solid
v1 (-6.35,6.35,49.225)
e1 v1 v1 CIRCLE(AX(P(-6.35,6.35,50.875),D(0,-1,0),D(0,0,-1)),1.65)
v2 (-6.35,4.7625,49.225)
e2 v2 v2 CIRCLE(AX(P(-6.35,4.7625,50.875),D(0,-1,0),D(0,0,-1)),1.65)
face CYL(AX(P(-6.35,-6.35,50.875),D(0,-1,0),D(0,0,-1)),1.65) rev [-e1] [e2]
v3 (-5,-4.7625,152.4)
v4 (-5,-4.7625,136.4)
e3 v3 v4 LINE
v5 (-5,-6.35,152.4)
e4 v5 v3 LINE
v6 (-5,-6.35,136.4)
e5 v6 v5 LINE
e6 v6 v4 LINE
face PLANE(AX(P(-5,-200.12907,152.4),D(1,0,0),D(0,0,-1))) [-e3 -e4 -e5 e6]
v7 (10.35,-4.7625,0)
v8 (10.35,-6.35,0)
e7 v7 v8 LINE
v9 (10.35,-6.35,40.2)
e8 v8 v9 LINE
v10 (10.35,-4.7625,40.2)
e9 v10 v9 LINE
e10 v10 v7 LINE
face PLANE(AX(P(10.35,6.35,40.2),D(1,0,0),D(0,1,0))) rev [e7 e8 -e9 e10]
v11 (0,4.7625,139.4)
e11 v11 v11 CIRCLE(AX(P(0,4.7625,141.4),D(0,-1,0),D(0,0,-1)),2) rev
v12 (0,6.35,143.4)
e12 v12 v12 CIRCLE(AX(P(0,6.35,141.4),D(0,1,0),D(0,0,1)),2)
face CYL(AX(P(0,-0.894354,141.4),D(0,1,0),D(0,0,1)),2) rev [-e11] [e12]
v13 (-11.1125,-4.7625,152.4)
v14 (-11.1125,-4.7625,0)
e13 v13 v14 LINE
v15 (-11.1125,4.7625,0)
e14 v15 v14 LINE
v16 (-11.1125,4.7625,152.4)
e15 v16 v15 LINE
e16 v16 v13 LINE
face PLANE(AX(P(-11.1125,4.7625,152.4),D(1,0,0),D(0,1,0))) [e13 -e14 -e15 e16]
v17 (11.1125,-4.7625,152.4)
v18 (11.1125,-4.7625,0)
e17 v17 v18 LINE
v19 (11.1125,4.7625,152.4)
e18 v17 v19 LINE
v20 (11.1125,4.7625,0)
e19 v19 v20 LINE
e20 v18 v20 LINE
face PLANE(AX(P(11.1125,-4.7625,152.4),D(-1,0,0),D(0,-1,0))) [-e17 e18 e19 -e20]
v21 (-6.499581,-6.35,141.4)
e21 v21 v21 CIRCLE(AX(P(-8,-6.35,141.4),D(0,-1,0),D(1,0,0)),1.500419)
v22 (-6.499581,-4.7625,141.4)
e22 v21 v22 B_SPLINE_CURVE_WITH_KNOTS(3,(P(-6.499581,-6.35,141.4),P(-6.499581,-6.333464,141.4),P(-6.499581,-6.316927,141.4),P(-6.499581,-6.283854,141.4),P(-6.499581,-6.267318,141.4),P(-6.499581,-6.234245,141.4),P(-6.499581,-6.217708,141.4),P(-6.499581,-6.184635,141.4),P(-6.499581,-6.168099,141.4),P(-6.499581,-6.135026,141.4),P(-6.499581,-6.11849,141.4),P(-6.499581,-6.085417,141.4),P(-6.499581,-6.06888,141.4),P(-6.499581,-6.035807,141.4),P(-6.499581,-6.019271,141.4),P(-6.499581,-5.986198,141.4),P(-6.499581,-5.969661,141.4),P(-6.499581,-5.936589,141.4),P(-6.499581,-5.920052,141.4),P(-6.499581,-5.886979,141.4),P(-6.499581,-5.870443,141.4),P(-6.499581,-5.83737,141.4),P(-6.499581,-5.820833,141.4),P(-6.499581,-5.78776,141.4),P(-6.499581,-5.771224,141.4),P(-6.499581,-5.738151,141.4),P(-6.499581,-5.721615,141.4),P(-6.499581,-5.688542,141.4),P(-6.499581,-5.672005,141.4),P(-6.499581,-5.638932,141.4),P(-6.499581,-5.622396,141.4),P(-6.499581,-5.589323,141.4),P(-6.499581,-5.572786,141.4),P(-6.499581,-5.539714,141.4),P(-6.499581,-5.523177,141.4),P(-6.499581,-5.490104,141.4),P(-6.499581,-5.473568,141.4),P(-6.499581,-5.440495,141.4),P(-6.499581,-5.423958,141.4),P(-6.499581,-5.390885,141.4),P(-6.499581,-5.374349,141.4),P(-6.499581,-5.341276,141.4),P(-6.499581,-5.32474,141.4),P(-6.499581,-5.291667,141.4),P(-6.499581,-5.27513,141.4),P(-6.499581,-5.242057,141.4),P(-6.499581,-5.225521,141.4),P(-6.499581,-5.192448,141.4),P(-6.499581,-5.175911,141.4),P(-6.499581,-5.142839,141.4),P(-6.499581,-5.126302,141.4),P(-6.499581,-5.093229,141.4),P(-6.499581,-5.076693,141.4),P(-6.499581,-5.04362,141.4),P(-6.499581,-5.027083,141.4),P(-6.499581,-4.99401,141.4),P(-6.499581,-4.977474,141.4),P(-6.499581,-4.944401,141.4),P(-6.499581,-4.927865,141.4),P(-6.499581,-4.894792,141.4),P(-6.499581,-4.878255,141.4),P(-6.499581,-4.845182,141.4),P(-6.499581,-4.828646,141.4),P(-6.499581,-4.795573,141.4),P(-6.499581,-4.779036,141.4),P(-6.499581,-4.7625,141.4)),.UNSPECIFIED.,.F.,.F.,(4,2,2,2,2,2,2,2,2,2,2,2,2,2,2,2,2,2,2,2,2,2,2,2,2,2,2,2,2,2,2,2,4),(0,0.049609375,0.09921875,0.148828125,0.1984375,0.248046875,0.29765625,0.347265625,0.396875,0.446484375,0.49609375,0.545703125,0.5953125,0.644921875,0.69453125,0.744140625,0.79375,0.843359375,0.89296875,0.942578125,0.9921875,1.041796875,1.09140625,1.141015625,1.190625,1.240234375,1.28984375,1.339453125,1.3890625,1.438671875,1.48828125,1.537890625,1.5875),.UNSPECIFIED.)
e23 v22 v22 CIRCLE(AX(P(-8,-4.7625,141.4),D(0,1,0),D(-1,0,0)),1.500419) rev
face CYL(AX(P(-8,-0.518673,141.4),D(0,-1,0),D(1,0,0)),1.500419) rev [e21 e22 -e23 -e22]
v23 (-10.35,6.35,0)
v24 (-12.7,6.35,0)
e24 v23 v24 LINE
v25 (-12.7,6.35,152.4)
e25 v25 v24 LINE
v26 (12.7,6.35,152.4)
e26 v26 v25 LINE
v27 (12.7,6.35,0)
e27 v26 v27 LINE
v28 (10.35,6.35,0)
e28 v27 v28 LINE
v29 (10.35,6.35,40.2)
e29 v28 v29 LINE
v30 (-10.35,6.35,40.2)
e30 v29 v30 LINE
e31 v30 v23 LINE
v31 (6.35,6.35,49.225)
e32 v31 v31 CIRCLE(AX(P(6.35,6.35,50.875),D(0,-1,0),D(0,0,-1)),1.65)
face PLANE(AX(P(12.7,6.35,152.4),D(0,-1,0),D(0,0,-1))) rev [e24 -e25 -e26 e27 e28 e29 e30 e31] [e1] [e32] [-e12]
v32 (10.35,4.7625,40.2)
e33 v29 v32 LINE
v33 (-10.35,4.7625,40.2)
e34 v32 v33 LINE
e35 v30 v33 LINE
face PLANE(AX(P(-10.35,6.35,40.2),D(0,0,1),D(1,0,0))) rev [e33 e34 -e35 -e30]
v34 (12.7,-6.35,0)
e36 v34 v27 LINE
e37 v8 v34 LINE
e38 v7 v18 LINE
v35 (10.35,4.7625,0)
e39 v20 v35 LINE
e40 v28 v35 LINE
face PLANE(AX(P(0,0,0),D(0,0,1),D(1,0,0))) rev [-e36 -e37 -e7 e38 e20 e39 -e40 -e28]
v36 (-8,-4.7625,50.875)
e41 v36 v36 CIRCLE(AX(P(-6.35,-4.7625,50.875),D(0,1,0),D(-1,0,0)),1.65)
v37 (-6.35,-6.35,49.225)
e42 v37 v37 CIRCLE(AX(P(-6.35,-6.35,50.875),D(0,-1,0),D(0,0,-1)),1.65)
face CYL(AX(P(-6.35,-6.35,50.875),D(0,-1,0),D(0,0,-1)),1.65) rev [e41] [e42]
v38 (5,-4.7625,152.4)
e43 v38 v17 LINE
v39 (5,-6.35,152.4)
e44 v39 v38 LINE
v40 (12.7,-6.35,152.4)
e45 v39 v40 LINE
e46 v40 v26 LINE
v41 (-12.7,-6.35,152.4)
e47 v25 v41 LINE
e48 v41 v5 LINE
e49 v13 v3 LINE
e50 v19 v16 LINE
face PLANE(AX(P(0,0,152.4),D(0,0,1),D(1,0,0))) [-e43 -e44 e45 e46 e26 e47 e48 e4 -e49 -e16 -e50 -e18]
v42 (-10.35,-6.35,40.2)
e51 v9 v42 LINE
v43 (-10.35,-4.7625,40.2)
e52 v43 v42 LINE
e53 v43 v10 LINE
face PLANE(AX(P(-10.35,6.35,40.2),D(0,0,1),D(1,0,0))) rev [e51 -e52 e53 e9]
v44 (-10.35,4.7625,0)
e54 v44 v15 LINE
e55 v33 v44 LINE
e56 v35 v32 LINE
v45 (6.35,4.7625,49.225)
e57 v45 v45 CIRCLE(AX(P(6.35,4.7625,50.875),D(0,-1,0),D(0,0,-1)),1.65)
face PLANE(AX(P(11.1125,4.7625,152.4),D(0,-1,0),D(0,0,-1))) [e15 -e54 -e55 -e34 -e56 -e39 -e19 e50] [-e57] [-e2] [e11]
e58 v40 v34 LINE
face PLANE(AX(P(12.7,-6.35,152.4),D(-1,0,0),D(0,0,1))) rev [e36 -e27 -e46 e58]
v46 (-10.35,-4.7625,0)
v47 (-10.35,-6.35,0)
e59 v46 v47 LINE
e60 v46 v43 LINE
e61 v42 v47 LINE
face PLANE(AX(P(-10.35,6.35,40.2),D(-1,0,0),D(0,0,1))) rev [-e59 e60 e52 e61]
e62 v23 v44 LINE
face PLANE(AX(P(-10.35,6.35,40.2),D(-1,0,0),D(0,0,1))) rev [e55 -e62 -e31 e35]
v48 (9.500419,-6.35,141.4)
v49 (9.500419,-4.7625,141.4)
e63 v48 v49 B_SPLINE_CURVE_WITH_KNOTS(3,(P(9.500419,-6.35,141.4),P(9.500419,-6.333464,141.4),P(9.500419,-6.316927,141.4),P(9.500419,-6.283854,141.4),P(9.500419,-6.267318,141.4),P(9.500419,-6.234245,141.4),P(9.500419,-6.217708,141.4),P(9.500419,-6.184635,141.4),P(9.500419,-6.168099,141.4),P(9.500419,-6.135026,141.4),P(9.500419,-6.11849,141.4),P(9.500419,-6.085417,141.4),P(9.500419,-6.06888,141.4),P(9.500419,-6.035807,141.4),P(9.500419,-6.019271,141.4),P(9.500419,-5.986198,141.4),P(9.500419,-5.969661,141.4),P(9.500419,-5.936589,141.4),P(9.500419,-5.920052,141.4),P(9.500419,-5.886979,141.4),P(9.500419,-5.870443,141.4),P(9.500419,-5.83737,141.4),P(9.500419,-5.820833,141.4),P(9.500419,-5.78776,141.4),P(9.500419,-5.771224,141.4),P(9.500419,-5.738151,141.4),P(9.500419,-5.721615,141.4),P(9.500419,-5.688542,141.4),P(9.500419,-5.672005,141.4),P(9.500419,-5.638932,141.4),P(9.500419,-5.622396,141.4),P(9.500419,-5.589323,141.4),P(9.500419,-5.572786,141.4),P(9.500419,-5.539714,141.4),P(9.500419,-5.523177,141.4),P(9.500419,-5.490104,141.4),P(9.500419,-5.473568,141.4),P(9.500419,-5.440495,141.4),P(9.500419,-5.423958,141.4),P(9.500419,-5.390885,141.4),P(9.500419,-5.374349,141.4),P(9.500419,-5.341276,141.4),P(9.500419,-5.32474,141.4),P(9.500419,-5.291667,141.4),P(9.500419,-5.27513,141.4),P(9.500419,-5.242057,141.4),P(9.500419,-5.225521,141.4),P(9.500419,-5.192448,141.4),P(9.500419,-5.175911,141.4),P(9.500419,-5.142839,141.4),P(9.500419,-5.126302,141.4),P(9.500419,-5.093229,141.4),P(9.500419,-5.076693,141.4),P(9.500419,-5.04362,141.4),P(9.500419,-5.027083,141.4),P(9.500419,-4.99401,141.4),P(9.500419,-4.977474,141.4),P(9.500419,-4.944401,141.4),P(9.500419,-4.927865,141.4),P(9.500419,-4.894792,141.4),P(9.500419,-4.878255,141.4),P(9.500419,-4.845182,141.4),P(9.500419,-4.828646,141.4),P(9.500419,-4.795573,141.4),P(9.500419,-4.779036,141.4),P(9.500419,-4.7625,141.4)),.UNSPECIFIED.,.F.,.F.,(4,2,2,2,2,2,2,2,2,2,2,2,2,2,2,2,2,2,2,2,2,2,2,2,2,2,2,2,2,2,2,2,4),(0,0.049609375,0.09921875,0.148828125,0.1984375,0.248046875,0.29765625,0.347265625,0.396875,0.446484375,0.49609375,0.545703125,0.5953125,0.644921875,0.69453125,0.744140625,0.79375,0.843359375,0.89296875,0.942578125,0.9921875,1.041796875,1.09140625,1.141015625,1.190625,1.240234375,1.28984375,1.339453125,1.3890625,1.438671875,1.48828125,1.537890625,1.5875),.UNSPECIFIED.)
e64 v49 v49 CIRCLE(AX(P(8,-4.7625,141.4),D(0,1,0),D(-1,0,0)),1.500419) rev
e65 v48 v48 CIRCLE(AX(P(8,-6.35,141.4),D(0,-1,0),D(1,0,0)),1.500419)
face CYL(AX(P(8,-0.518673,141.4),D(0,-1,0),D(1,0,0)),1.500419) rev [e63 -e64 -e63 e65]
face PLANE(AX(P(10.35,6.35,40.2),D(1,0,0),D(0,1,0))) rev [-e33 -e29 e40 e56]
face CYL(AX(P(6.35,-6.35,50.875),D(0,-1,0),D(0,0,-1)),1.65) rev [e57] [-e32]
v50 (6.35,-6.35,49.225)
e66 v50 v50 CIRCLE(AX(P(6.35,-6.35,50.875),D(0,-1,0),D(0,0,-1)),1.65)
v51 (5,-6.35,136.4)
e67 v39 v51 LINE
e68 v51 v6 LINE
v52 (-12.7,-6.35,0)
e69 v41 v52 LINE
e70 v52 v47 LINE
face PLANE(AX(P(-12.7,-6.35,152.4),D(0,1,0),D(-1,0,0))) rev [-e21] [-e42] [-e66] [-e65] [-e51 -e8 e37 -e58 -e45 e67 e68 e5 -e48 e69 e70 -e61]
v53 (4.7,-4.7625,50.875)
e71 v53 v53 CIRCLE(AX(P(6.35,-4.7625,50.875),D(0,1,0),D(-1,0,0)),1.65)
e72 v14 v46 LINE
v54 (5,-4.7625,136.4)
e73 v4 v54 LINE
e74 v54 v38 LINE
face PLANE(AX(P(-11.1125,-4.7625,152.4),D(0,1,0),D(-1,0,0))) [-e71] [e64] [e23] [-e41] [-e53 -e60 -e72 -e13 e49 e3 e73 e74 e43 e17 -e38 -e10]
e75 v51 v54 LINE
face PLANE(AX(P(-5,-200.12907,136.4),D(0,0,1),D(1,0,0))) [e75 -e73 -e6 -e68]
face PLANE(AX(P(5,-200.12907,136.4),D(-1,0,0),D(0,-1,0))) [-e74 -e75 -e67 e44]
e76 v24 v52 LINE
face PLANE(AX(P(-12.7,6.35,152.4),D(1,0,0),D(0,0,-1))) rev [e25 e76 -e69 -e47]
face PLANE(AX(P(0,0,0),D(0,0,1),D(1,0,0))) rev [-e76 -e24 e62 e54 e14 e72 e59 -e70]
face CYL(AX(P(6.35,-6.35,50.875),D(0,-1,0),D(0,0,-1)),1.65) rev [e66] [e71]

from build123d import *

# Parameters (mm, degrees)
SKETCH3_W               = 25.4
SKETCH3_H               = 12.7
SKETCH3_W_2             = 22.225
SKETCH3_H_2             = 9.525
BOSS_EXTRUDE1_DEPTH     = 152.4
SKETCH4_R               = 2
CUT_EXTRUDE1_DEPTH      = 1.5875
SKETCH5_R               = 1.500419334
CUT_EXTRUDE2_DEPTH      = 1.5875
CUT_EXTRUDE3_DEPTH      = 154.454683865
CUT_EXTRUDE3_DEPTH_BACK = 2.54
SKETCH7_W               = 20.700000002
SKETCH7_H               = 40.2
CUT_EXTRUDE4_DEPTH      = 154.454683865
M4X0_7_TAPPED_HOLE1_D   = 3.3


with BuildPart() as part:
    # Sketch3 → Boss-Extrude1 (new body)
    with BuildSketch(Plane.XY):
        Rectangle(SKETCH3_W, SKETCH3_H)
        Rectangle(SKETCH3_W_2, SKETCH3_H_2, mode=Mode.SUBTRACT)
    extrude(amount=BOSS_EXTRUDE1_DEPTH)

    # Sketch4 → Cut-Extrude1 (cut)
    with BuildSketch(Plane(origin=(0, 6.35, 0), x_dir=(1, 0, 0), z_dir=(0, 1, 0))):
        with Locations(Location((0, -141.4, 0), (0, 0, 270))):
            Circle(SKETCH4_R)
    extrude(amount=-CUT_EXTRUDE1_DEPTH, mode=Mode.SUBTRACT)

    # Sketch5 → Cut-Extrude2 (cut)
    with BuildSketch(Plane.XZ.offset(6.35)):
        with Locations((-8, 141.4)):
            Circle(SKETCH5_R)
        with Locations((0, 149.4)):
            Circle(SKETCH5_R)
        with Locations((8, 141.4)):
            Circle(SKETCH5_R)
    extrude(amount=-CUT_EXTRUDE2_DEPTH, mode=Mode.SUBTRACT)

    # Sketch6 → Cut-Extrude3 (cut, two sides: drawn at the far end of the back side and taken through both)
    with BuildSketch(Plane.XZ.offset(6.35).offset(-CUT_EXTRUDE3_DEPTH_BACK)):
        Polygon((-5, 469.248822712), (-5, 152.4), (-5, 136.4), (5, 136.4), (5, 152.4), (5, 469.248822712), (5, 1102.946468137), (-5, 1102.946468137), align=None)
    extrude(amount=CUT_EXTRUDE3_DEPTH + CUT_EXTRUDE3_DEPTH_BACK, mode=Mode.SUBTRACT)

    # Sketch7 → Cut-Extrude4 (cut, through all)
    with BuildSketch(Plane.XZ.offset(6.35)):
        with Locations((0, 20.1)):
            Rectangle(SKETCH7_W, SKETCH7_H)
    extrude(amount=-CUT_EXTRUDE4_DEPTH, mode=Mode.SUBTRACT)

    # M4x0.7 Tapped Hole1 (through all)
    with Locations(Plane(origin=(0, -6.35, 0), x_dir=(-1, 0, 0), z_dir=(0, -1, 0))):
        with Locations((-6.35, -50.875), (6.35, -50.875)):
            Hole(M4X0_7_TAPPED_HOLE1_D / 2)


solid = part.part
